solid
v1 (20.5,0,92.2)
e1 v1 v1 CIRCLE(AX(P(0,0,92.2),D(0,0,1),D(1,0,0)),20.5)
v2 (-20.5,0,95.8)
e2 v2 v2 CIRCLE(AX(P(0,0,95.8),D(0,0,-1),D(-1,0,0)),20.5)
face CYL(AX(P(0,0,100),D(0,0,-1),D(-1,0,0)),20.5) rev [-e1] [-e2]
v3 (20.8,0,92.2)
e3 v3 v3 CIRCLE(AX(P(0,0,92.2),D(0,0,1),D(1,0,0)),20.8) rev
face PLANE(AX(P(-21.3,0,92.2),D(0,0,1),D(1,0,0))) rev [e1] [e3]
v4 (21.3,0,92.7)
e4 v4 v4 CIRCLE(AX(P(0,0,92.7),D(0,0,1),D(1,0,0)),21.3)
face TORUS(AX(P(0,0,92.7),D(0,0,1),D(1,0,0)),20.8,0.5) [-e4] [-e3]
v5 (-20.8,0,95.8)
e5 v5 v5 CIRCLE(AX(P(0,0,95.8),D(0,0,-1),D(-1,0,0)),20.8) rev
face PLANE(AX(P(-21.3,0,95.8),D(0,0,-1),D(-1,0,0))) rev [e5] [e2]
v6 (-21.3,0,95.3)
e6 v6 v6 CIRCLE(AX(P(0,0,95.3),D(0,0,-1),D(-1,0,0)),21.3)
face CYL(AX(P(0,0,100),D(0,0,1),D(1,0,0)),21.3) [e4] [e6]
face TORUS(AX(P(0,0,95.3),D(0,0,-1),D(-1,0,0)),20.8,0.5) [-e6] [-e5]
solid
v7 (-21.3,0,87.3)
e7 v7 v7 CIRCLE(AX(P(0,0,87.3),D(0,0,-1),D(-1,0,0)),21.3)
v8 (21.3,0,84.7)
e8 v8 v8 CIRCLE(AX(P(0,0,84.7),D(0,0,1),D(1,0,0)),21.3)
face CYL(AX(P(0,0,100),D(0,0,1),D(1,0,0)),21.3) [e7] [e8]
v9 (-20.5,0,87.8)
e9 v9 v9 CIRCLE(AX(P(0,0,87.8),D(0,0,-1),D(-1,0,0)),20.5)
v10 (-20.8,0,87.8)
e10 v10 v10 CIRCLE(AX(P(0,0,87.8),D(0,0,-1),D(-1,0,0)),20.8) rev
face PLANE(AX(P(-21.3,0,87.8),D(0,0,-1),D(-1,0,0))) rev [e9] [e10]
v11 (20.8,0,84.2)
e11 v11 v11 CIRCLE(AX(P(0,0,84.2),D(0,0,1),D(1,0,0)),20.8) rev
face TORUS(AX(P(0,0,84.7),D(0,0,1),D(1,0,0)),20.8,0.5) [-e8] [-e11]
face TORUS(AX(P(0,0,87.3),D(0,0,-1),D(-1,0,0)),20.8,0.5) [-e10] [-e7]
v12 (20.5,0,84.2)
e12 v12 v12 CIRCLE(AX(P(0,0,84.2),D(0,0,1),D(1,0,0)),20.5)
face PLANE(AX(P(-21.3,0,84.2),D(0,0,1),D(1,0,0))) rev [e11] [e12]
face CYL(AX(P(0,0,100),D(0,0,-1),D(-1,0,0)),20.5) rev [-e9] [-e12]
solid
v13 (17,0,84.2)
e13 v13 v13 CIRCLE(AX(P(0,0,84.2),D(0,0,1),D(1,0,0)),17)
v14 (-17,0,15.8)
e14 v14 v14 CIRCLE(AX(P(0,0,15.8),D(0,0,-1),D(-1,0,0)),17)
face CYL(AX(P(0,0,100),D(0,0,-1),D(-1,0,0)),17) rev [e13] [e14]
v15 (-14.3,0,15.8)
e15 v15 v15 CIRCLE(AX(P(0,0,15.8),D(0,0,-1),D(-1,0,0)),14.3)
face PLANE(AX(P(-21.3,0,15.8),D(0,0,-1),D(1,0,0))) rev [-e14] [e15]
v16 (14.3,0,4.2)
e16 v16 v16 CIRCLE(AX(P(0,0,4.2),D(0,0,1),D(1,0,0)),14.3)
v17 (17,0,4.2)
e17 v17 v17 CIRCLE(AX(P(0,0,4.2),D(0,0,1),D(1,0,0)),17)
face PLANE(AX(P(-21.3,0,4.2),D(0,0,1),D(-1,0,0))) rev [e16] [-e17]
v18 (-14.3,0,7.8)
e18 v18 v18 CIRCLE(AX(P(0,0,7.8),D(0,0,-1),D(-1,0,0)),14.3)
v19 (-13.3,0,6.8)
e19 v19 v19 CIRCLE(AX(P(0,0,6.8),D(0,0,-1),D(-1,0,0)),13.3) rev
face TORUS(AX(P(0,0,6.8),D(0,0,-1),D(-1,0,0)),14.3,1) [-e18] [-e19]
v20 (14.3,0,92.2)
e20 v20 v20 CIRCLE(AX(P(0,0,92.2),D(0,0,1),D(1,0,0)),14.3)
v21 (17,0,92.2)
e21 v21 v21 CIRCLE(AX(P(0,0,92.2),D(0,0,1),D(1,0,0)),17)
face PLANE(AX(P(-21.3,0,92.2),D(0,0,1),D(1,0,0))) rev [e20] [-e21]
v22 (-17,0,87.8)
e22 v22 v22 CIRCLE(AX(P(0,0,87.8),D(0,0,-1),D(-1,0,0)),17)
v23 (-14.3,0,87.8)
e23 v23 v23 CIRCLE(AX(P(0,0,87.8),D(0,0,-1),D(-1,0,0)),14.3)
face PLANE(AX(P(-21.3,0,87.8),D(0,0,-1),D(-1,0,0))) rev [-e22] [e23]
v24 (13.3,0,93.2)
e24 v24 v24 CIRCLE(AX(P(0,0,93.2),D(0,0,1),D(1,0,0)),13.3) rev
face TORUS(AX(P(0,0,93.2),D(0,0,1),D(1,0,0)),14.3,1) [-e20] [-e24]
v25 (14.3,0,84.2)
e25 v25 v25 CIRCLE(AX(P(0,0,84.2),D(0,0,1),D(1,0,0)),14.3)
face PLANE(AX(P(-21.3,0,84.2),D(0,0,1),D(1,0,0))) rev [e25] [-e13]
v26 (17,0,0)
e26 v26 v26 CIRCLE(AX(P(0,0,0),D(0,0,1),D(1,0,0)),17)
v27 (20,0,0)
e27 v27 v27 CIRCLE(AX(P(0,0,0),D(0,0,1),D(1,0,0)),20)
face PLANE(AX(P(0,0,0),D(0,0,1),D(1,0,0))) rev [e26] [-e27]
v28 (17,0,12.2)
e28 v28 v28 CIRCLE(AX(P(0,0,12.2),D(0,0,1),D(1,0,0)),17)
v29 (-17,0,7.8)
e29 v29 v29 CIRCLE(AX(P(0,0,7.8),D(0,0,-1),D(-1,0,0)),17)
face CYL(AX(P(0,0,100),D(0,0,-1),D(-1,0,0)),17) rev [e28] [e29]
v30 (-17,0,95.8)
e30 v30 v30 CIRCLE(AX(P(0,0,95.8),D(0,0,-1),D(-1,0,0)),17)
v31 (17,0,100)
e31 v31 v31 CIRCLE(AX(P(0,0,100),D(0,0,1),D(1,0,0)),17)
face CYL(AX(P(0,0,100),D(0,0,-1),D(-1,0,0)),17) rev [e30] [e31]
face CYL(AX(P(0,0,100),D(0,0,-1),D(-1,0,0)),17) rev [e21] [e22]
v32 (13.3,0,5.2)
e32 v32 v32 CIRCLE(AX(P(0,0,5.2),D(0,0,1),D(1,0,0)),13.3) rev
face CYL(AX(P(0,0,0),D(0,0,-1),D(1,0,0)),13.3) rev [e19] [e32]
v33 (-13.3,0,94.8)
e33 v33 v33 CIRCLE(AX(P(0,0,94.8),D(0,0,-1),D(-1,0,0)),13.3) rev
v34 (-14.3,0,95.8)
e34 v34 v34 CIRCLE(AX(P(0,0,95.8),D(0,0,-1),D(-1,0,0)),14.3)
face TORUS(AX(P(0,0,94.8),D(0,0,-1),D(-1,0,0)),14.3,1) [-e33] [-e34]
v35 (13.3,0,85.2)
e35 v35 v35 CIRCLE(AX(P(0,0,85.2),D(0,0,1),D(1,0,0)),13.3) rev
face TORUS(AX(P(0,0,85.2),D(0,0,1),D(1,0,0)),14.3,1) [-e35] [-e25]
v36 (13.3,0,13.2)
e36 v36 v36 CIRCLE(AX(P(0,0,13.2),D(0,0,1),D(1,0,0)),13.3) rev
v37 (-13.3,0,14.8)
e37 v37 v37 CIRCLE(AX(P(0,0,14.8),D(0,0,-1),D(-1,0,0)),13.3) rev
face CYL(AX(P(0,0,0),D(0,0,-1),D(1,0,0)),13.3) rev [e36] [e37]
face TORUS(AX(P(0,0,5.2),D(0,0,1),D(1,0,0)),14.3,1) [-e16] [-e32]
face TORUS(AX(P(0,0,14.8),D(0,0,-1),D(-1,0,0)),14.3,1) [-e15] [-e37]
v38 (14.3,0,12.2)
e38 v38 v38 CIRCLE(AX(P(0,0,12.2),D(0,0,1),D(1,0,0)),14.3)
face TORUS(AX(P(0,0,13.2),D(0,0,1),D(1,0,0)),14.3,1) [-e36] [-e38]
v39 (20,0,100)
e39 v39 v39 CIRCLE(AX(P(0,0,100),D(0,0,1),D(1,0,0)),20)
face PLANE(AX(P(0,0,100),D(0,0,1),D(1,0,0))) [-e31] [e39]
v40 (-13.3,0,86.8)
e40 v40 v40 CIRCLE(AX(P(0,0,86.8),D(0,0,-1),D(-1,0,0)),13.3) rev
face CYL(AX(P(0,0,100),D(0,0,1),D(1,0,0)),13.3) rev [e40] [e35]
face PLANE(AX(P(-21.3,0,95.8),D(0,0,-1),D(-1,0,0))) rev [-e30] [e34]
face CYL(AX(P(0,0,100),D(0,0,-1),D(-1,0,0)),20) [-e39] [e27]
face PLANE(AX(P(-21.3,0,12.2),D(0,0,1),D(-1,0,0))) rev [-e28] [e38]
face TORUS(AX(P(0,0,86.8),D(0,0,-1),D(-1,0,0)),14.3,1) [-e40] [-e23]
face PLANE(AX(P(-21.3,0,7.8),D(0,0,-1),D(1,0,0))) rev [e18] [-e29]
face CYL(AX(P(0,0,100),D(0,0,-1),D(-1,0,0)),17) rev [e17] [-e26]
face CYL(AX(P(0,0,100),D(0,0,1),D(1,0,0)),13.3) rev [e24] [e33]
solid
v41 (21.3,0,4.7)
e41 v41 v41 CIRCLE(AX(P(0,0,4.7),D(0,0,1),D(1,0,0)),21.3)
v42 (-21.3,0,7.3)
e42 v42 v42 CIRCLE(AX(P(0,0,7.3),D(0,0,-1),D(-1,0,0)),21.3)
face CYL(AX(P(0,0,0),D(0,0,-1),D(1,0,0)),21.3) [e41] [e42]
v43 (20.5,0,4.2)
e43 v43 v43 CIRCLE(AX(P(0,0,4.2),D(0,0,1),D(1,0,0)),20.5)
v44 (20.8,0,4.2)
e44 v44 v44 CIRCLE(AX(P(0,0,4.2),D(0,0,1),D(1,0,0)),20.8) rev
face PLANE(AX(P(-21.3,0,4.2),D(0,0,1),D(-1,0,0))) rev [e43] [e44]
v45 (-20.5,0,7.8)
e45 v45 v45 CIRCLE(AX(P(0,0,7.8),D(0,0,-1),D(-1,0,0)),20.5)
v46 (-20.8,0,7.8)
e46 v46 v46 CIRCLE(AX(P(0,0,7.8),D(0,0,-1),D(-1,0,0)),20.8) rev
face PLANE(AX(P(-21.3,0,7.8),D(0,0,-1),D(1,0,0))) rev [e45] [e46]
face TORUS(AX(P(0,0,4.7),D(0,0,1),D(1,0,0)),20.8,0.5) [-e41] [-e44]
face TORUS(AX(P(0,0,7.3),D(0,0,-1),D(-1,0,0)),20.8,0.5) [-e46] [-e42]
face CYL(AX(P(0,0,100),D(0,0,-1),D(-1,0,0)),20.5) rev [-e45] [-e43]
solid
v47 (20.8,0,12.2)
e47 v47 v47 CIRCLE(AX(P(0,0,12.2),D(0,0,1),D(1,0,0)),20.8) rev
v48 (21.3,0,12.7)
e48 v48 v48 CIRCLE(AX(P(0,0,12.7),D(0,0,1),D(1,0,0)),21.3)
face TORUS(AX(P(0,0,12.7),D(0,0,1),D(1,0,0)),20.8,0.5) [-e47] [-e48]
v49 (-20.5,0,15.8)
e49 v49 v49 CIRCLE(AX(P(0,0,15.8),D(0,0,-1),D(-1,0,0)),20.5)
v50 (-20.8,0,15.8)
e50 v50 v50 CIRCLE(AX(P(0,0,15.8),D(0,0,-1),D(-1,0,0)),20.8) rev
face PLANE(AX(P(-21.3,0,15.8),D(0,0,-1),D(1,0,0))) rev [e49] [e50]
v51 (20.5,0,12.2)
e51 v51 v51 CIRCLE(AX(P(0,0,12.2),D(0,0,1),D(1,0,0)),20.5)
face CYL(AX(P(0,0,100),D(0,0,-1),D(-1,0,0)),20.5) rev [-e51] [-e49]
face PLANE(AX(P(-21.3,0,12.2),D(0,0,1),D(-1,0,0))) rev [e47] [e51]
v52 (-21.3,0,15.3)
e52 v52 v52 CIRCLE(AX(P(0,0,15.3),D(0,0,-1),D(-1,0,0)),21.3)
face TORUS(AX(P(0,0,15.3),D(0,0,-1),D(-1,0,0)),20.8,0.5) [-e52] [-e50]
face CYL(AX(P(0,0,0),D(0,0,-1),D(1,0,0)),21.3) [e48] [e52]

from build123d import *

# Parameters (mm, degrees)
SKETCH1_R            = 20
SKETCH1_R_2          = 17
BOSS_EXTRUDE1_DEPTH  = 100
SKETCH7_W            = 8
SKETCH7_H            = 3.6
FILLET2_R            = 1
FILLET2_OF_MIRROR5_R = 1
FILLET3_R            = 0.5
SKETCH9_R            = 20.5
SKETCH9_R_2          = 20
CUT_EXTRUDE4_DEPTH   = 105.438402939


with BuildPart() as part:
    # Sketch1 → Boss-Extrude1 (new body)
    with BuildSketch(Plane.XY):
        Circle(SKETCH1_R)
        Circle(SKETCH1_R_2, mode=Mode.SUBTRACT)
    extrude(amount=BOSS_EXTRUDE1_DEPTH)

    # Sketch7 → Revolve1 (revolve)
    with BuildSketch(Plane(origin=(0, 0, 0), x_dir=(1, 0, 0), z_dir=(0, 1, 0)), mode=Mode.PRIVATE) as revolve1_sk:
        with Locations((-17.3, -86)):
            Rectangle(SKETCH7_W, SKETCH7_H)
        with Locations((-17.3, -94)):
            Rectangle(SKETCH7_W, SKETCH7_H)
    revolve1 = revolve(revolve1_sk.sketch.rotate(Axis((0, 0, 100), (0, 0, -1)), 180), axis=Axis((0, 0, 100), (0, 0, -1)))

    # Fillet2
    fillet2_edges = [part.edges().sort_by_distance(p)[0] for p in [
        (-13.3, 0, 84.2),
        (-13.3, 0, 87.8),
        (-13.3, 0, 92.2),
        (-13.3, 0, 95.8),
    ]]
    fillet(fillet2_edges, radius=FILLET2_R)

    # Mirror5: Revolve1 across plane
    add(revolve1.mirror(Plane(origin=(0, 0, 50), x_dir=(1, 0, 0), z_dir=(0, 0, -1))))

    # Fillet2 of Mirror5
    fillet2_of_mirror5_edges = [part.edges().sort_by_distance(p)[0] for p in [
        (-13.3, 0, 15.8),
        (-13.3, 0, 12.2),
        (-13.3, 0, 7.8),
        (-13.3, 0, 4.2),
    ]]
    fillet(fillet2_of_mirror5_edges, radius=FILLET2_OF_MIRROR5_R)

    # Fillet3
    fillet3_edges = [part.edges().sort_by_distance(p)[0] for p in [
        (-21.3, 0, 87.8),
        (-21.3, 0, 84.2),
        (-21.3, 0, 92.2),
        (-21.3, 0, 95.8),
        (-21.3, 0, 15.8),
        (-21.3, 0, 12.2),
        (-21.3, 0, 4.2),
        (-21.3, 0, 7.8),
    ]]
    fillet(fillet3_edges, radius=FILLET3_R)

    # Sketch9 → Cut-Extrude4 (cut, through all)
    with BuildSketch(Plane(origin=(0, 0, 0), x_dir=(-1, 0, 0), z_dir=(0, 0, -1))):
        Circle(SKETCH9_R)
        with Locations(Location((0, 0, 0), (0, 0, 180))):
            Circle(SKETCH9_R_2, mode=Mode.SUBTRACT)
    extrude(amount=-CUT_EXTRUDE4_DEPTH, mode=Mode.SUBTRACT)


with BuildPart() as cut_extrude4_piece_1:
    # of the separate pieces the step leaves, piece 1, a body of its own (cut_extrude4_pieces)
    add(part.part.solids().sort_by_distance((20, 0, 0))[0])


with BuildPart() as cut_extrude4_piece_2:
    # of the separate pieces the step leaves, piece 2, a body of its own (cut_extrude4_pieces)
    add(part.part.solids().sort_by_distance((20.8, 0, 4.2))[0])


with BuildPart() as cut_extrude4_piece_3:
    # of the separate pieces the step leaves, piece 3, a body of its own (cut_extrude4_pieces)
    add(part.part.solids().sort_by_distance((20.8, 0, 92.2))[0])


with BuildPart() as cut_extrude4_piece_4:
    # of the separate pieces the step leaves, piece 4, a body of its own (cut_extrude4_pieces)
    add(part.part.solids().sort_by_distance((20.8, 0, 84.2))[0])


with BuildPart() as cut_extrude4_piece_5:
    # of the separate pieces the step leaves, piece 5, a body of its own (cut_extrude4_pieces)
    add(part.part.solids().sort_by_distance((20.8, 0, 12.2))[0])


solid = Compound([cut_extrude4_piece_1.part, cut_extrude4_piece_2.part, cut_extrude4_piece_3.part, cut_extrude4_piece_4.part, cut_extrude4_piece_5.part])
